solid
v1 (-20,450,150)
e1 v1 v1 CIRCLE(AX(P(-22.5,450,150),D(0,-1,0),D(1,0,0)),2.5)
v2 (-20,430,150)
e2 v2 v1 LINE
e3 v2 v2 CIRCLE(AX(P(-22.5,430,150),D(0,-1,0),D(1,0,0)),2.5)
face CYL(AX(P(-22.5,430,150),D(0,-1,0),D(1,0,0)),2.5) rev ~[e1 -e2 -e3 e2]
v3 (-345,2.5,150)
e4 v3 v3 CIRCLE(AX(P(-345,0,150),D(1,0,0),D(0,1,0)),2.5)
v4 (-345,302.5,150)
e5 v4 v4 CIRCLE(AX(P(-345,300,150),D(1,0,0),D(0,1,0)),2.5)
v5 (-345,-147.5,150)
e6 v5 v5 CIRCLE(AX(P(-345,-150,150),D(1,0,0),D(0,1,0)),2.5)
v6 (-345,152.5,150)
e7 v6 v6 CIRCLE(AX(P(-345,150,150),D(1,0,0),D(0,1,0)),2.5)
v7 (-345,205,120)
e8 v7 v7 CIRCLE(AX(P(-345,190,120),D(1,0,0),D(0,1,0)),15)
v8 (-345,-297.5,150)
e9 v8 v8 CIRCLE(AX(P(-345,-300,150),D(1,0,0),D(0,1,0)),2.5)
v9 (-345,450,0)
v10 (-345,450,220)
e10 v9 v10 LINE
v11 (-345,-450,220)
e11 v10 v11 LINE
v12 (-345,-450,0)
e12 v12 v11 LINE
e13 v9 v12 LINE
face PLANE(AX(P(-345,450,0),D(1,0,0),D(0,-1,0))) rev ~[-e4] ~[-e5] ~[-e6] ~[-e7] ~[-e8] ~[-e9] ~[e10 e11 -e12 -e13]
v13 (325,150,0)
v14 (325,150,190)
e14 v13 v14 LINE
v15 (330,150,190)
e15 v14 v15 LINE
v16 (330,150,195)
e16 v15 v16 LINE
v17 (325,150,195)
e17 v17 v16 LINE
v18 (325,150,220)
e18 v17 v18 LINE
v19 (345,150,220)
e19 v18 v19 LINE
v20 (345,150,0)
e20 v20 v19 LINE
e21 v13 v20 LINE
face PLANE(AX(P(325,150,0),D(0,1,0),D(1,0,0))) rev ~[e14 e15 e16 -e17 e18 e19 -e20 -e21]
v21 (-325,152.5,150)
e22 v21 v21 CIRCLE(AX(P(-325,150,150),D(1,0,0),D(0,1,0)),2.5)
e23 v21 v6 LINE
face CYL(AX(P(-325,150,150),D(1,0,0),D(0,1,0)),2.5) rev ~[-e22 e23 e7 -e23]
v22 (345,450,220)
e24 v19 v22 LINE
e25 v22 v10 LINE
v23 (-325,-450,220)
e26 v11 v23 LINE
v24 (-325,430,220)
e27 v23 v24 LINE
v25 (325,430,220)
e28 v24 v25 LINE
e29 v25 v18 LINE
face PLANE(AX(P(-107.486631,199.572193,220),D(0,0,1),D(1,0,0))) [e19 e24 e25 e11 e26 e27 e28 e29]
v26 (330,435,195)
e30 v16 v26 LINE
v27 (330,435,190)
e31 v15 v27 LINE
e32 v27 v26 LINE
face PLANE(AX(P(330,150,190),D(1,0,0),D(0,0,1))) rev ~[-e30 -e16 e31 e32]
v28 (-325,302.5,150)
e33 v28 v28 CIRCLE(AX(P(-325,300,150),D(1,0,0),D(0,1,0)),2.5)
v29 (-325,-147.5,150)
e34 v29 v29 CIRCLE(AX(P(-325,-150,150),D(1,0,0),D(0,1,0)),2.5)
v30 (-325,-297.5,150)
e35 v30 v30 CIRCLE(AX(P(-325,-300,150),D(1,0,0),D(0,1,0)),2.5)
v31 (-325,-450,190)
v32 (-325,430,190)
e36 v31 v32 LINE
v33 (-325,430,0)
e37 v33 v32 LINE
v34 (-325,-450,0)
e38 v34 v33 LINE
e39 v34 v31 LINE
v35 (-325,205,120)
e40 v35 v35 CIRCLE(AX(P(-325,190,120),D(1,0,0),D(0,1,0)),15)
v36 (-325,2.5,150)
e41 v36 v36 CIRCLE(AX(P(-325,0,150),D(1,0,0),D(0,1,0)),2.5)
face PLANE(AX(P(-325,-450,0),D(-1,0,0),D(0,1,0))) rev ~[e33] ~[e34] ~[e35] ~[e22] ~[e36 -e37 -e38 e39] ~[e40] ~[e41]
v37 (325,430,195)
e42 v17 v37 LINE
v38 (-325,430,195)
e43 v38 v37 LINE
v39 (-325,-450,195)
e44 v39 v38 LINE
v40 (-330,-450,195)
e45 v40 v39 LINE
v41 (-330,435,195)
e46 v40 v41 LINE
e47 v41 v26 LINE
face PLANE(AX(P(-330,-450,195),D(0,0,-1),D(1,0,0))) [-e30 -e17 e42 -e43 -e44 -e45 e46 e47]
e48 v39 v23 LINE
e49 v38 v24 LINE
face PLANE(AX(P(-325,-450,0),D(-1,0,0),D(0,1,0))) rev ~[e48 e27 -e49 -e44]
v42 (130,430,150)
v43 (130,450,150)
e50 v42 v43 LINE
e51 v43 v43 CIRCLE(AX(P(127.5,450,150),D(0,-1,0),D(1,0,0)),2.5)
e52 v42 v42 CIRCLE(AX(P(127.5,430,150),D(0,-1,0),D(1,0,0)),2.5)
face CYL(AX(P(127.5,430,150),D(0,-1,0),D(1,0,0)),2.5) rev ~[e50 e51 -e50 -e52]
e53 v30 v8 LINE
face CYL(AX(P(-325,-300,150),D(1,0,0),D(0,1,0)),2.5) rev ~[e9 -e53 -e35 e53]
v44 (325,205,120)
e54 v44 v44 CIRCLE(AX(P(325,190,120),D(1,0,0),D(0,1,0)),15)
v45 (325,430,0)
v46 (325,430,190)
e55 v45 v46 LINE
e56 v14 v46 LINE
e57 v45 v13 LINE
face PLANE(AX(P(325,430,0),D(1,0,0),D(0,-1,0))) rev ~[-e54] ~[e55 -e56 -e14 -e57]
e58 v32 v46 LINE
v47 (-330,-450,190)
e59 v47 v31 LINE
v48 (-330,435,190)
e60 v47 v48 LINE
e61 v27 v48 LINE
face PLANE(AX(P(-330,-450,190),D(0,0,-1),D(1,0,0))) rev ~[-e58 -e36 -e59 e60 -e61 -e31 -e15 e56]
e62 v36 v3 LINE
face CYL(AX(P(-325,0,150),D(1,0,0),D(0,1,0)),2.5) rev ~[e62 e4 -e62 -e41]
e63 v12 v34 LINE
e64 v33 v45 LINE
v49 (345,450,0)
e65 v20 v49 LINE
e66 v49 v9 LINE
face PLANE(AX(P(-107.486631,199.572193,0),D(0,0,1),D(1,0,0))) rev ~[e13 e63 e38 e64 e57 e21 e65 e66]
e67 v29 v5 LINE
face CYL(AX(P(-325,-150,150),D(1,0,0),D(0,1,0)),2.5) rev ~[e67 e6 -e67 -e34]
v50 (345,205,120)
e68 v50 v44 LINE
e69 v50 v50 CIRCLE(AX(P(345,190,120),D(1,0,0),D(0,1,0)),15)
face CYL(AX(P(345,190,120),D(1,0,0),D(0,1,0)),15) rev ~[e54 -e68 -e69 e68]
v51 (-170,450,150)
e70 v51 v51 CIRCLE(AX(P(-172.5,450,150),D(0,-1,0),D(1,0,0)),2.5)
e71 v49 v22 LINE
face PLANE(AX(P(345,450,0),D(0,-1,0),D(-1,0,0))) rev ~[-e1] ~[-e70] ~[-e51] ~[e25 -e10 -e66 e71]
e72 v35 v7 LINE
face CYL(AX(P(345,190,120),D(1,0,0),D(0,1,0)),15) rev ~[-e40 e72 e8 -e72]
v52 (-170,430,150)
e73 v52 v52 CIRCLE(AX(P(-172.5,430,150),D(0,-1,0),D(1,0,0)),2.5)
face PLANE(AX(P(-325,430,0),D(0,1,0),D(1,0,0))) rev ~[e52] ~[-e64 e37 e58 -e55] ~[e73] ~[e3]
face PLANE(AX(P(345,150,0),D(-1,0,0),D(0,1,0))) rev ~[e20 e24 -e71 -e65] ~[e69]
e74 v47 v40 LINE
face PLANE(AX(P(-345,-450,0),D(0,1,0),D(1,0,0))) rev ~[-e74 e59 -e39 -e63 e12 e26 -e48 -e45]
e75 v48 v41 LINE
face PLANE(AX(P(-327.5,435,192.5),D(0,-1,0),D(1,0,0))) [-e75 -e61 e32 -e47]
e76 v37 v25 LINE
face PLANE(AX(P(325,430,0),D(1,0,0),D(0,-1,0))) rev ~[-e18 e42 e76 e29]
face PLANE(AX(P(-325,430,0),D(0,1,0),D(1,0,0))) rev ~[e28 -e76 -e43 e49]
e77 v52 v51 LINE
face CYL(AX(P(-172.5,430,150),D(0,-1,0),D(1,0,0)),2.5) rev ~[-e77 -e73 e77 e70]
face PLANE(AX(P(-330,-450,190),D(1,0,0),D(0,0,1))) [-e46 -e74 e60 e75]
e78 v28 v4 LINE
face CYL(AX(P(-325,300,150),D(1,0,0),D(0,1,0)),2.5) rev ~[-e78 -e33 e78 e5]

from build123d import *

# Parameters (mm, degrees)
F1_DEPTH  = 220
F2_W      = 5
F2_H      = 5
F3_DEPTH  = 885
F4_W      = 650
F4_H      = 5
F5_DEPTH  = 5
F6_W      = 5
F6_H      = 5
F7_DEPTH  = 285
F8_R      = 15
F9_DEPTH  = 800
F10_R     = 2.5
F11_DEPTH = 25
F12_R     = 2.5
F13_DEPTH = 25


with BuildPart() as f1:
    # F0 (on Top) → F1 (new body)
    with BuildSketch(Plane.XY):
        Polygon((-345, -450), (-325, -450), (-325, -430), (-325, 430), (325, 430), (325, 150), (345, 150), (345, 450), (-345, 450), align=None)
    extrude(amount=F1_DEPTH)

    # F2 (on face) → F3 (cut)
    with BuildSketch(Plane.XZ.offset(450)):
        with Locations((-327.5, 192.5)):
            Rectangle(F2_W, F2_H)
    extrude(amount=-F3_DEPTH, mode=Mode.SUBTRACT)

    # F4 (on face) → F5 (cut)
    with BuildSketch(Plane.XZ.offset(-430)):
        with Locations((0, 192.5)):
            Rectangle(F4_W, F4_H)
    extrude(amount=-F5_DEPTH, mode=Mode.SUBTRACT)

    # F6 (on face) → F7 (cut)
    with BuildSketch(Plane.XZ.offset(-150)):
        with Locations((327.5, 192.5)):
            Rectangle(F6_W, F6_H)
    extrude(amount=-F7_DEPTH, mode=Mode.SUBTRACT)

    # F8 (on face) → F9 (cut)
    with BuildSketch(Plane.YZ.offset(345)):
        with Locations((190, 120)):
            Circle(F8_R)
    extrude(amount=-F9_DEPTH, mode=Mode.SUBTRACT)

    # F10 (on face) → F11 (cut)
    with BuildSketch(Plane.YZ.offset(-325)):
        with Locations((-300, 150)):
            Circle(F10_R)
        with Locations((-150, 150)):
            Circle(F10_R)
        with Locations((0, 150)):
            Circle(F10_R)
        with Locations((150, 150)):
            Circle(F10_R)
        with Locations((300, 150)):
            Circle(F10_R)
    extrude(amount=-F11_DEPTH, mode=Mode.SUBTRACT)

    # F12 (on face) → F13 (cut)
    with BuildSketch(Plane.XZ.offset(-430)):
        with Locations((-172.5, 150)):
            Circle(F12_R)
        with Locations((-22.5, 150)):
            Circle(F12_R)
        with Locations((127.5, 150)):
            Circle(F12_R)
    extrude(amount=-F13_DEPTH, mode=Mode.SUBTRACT)


solid = f1.part
